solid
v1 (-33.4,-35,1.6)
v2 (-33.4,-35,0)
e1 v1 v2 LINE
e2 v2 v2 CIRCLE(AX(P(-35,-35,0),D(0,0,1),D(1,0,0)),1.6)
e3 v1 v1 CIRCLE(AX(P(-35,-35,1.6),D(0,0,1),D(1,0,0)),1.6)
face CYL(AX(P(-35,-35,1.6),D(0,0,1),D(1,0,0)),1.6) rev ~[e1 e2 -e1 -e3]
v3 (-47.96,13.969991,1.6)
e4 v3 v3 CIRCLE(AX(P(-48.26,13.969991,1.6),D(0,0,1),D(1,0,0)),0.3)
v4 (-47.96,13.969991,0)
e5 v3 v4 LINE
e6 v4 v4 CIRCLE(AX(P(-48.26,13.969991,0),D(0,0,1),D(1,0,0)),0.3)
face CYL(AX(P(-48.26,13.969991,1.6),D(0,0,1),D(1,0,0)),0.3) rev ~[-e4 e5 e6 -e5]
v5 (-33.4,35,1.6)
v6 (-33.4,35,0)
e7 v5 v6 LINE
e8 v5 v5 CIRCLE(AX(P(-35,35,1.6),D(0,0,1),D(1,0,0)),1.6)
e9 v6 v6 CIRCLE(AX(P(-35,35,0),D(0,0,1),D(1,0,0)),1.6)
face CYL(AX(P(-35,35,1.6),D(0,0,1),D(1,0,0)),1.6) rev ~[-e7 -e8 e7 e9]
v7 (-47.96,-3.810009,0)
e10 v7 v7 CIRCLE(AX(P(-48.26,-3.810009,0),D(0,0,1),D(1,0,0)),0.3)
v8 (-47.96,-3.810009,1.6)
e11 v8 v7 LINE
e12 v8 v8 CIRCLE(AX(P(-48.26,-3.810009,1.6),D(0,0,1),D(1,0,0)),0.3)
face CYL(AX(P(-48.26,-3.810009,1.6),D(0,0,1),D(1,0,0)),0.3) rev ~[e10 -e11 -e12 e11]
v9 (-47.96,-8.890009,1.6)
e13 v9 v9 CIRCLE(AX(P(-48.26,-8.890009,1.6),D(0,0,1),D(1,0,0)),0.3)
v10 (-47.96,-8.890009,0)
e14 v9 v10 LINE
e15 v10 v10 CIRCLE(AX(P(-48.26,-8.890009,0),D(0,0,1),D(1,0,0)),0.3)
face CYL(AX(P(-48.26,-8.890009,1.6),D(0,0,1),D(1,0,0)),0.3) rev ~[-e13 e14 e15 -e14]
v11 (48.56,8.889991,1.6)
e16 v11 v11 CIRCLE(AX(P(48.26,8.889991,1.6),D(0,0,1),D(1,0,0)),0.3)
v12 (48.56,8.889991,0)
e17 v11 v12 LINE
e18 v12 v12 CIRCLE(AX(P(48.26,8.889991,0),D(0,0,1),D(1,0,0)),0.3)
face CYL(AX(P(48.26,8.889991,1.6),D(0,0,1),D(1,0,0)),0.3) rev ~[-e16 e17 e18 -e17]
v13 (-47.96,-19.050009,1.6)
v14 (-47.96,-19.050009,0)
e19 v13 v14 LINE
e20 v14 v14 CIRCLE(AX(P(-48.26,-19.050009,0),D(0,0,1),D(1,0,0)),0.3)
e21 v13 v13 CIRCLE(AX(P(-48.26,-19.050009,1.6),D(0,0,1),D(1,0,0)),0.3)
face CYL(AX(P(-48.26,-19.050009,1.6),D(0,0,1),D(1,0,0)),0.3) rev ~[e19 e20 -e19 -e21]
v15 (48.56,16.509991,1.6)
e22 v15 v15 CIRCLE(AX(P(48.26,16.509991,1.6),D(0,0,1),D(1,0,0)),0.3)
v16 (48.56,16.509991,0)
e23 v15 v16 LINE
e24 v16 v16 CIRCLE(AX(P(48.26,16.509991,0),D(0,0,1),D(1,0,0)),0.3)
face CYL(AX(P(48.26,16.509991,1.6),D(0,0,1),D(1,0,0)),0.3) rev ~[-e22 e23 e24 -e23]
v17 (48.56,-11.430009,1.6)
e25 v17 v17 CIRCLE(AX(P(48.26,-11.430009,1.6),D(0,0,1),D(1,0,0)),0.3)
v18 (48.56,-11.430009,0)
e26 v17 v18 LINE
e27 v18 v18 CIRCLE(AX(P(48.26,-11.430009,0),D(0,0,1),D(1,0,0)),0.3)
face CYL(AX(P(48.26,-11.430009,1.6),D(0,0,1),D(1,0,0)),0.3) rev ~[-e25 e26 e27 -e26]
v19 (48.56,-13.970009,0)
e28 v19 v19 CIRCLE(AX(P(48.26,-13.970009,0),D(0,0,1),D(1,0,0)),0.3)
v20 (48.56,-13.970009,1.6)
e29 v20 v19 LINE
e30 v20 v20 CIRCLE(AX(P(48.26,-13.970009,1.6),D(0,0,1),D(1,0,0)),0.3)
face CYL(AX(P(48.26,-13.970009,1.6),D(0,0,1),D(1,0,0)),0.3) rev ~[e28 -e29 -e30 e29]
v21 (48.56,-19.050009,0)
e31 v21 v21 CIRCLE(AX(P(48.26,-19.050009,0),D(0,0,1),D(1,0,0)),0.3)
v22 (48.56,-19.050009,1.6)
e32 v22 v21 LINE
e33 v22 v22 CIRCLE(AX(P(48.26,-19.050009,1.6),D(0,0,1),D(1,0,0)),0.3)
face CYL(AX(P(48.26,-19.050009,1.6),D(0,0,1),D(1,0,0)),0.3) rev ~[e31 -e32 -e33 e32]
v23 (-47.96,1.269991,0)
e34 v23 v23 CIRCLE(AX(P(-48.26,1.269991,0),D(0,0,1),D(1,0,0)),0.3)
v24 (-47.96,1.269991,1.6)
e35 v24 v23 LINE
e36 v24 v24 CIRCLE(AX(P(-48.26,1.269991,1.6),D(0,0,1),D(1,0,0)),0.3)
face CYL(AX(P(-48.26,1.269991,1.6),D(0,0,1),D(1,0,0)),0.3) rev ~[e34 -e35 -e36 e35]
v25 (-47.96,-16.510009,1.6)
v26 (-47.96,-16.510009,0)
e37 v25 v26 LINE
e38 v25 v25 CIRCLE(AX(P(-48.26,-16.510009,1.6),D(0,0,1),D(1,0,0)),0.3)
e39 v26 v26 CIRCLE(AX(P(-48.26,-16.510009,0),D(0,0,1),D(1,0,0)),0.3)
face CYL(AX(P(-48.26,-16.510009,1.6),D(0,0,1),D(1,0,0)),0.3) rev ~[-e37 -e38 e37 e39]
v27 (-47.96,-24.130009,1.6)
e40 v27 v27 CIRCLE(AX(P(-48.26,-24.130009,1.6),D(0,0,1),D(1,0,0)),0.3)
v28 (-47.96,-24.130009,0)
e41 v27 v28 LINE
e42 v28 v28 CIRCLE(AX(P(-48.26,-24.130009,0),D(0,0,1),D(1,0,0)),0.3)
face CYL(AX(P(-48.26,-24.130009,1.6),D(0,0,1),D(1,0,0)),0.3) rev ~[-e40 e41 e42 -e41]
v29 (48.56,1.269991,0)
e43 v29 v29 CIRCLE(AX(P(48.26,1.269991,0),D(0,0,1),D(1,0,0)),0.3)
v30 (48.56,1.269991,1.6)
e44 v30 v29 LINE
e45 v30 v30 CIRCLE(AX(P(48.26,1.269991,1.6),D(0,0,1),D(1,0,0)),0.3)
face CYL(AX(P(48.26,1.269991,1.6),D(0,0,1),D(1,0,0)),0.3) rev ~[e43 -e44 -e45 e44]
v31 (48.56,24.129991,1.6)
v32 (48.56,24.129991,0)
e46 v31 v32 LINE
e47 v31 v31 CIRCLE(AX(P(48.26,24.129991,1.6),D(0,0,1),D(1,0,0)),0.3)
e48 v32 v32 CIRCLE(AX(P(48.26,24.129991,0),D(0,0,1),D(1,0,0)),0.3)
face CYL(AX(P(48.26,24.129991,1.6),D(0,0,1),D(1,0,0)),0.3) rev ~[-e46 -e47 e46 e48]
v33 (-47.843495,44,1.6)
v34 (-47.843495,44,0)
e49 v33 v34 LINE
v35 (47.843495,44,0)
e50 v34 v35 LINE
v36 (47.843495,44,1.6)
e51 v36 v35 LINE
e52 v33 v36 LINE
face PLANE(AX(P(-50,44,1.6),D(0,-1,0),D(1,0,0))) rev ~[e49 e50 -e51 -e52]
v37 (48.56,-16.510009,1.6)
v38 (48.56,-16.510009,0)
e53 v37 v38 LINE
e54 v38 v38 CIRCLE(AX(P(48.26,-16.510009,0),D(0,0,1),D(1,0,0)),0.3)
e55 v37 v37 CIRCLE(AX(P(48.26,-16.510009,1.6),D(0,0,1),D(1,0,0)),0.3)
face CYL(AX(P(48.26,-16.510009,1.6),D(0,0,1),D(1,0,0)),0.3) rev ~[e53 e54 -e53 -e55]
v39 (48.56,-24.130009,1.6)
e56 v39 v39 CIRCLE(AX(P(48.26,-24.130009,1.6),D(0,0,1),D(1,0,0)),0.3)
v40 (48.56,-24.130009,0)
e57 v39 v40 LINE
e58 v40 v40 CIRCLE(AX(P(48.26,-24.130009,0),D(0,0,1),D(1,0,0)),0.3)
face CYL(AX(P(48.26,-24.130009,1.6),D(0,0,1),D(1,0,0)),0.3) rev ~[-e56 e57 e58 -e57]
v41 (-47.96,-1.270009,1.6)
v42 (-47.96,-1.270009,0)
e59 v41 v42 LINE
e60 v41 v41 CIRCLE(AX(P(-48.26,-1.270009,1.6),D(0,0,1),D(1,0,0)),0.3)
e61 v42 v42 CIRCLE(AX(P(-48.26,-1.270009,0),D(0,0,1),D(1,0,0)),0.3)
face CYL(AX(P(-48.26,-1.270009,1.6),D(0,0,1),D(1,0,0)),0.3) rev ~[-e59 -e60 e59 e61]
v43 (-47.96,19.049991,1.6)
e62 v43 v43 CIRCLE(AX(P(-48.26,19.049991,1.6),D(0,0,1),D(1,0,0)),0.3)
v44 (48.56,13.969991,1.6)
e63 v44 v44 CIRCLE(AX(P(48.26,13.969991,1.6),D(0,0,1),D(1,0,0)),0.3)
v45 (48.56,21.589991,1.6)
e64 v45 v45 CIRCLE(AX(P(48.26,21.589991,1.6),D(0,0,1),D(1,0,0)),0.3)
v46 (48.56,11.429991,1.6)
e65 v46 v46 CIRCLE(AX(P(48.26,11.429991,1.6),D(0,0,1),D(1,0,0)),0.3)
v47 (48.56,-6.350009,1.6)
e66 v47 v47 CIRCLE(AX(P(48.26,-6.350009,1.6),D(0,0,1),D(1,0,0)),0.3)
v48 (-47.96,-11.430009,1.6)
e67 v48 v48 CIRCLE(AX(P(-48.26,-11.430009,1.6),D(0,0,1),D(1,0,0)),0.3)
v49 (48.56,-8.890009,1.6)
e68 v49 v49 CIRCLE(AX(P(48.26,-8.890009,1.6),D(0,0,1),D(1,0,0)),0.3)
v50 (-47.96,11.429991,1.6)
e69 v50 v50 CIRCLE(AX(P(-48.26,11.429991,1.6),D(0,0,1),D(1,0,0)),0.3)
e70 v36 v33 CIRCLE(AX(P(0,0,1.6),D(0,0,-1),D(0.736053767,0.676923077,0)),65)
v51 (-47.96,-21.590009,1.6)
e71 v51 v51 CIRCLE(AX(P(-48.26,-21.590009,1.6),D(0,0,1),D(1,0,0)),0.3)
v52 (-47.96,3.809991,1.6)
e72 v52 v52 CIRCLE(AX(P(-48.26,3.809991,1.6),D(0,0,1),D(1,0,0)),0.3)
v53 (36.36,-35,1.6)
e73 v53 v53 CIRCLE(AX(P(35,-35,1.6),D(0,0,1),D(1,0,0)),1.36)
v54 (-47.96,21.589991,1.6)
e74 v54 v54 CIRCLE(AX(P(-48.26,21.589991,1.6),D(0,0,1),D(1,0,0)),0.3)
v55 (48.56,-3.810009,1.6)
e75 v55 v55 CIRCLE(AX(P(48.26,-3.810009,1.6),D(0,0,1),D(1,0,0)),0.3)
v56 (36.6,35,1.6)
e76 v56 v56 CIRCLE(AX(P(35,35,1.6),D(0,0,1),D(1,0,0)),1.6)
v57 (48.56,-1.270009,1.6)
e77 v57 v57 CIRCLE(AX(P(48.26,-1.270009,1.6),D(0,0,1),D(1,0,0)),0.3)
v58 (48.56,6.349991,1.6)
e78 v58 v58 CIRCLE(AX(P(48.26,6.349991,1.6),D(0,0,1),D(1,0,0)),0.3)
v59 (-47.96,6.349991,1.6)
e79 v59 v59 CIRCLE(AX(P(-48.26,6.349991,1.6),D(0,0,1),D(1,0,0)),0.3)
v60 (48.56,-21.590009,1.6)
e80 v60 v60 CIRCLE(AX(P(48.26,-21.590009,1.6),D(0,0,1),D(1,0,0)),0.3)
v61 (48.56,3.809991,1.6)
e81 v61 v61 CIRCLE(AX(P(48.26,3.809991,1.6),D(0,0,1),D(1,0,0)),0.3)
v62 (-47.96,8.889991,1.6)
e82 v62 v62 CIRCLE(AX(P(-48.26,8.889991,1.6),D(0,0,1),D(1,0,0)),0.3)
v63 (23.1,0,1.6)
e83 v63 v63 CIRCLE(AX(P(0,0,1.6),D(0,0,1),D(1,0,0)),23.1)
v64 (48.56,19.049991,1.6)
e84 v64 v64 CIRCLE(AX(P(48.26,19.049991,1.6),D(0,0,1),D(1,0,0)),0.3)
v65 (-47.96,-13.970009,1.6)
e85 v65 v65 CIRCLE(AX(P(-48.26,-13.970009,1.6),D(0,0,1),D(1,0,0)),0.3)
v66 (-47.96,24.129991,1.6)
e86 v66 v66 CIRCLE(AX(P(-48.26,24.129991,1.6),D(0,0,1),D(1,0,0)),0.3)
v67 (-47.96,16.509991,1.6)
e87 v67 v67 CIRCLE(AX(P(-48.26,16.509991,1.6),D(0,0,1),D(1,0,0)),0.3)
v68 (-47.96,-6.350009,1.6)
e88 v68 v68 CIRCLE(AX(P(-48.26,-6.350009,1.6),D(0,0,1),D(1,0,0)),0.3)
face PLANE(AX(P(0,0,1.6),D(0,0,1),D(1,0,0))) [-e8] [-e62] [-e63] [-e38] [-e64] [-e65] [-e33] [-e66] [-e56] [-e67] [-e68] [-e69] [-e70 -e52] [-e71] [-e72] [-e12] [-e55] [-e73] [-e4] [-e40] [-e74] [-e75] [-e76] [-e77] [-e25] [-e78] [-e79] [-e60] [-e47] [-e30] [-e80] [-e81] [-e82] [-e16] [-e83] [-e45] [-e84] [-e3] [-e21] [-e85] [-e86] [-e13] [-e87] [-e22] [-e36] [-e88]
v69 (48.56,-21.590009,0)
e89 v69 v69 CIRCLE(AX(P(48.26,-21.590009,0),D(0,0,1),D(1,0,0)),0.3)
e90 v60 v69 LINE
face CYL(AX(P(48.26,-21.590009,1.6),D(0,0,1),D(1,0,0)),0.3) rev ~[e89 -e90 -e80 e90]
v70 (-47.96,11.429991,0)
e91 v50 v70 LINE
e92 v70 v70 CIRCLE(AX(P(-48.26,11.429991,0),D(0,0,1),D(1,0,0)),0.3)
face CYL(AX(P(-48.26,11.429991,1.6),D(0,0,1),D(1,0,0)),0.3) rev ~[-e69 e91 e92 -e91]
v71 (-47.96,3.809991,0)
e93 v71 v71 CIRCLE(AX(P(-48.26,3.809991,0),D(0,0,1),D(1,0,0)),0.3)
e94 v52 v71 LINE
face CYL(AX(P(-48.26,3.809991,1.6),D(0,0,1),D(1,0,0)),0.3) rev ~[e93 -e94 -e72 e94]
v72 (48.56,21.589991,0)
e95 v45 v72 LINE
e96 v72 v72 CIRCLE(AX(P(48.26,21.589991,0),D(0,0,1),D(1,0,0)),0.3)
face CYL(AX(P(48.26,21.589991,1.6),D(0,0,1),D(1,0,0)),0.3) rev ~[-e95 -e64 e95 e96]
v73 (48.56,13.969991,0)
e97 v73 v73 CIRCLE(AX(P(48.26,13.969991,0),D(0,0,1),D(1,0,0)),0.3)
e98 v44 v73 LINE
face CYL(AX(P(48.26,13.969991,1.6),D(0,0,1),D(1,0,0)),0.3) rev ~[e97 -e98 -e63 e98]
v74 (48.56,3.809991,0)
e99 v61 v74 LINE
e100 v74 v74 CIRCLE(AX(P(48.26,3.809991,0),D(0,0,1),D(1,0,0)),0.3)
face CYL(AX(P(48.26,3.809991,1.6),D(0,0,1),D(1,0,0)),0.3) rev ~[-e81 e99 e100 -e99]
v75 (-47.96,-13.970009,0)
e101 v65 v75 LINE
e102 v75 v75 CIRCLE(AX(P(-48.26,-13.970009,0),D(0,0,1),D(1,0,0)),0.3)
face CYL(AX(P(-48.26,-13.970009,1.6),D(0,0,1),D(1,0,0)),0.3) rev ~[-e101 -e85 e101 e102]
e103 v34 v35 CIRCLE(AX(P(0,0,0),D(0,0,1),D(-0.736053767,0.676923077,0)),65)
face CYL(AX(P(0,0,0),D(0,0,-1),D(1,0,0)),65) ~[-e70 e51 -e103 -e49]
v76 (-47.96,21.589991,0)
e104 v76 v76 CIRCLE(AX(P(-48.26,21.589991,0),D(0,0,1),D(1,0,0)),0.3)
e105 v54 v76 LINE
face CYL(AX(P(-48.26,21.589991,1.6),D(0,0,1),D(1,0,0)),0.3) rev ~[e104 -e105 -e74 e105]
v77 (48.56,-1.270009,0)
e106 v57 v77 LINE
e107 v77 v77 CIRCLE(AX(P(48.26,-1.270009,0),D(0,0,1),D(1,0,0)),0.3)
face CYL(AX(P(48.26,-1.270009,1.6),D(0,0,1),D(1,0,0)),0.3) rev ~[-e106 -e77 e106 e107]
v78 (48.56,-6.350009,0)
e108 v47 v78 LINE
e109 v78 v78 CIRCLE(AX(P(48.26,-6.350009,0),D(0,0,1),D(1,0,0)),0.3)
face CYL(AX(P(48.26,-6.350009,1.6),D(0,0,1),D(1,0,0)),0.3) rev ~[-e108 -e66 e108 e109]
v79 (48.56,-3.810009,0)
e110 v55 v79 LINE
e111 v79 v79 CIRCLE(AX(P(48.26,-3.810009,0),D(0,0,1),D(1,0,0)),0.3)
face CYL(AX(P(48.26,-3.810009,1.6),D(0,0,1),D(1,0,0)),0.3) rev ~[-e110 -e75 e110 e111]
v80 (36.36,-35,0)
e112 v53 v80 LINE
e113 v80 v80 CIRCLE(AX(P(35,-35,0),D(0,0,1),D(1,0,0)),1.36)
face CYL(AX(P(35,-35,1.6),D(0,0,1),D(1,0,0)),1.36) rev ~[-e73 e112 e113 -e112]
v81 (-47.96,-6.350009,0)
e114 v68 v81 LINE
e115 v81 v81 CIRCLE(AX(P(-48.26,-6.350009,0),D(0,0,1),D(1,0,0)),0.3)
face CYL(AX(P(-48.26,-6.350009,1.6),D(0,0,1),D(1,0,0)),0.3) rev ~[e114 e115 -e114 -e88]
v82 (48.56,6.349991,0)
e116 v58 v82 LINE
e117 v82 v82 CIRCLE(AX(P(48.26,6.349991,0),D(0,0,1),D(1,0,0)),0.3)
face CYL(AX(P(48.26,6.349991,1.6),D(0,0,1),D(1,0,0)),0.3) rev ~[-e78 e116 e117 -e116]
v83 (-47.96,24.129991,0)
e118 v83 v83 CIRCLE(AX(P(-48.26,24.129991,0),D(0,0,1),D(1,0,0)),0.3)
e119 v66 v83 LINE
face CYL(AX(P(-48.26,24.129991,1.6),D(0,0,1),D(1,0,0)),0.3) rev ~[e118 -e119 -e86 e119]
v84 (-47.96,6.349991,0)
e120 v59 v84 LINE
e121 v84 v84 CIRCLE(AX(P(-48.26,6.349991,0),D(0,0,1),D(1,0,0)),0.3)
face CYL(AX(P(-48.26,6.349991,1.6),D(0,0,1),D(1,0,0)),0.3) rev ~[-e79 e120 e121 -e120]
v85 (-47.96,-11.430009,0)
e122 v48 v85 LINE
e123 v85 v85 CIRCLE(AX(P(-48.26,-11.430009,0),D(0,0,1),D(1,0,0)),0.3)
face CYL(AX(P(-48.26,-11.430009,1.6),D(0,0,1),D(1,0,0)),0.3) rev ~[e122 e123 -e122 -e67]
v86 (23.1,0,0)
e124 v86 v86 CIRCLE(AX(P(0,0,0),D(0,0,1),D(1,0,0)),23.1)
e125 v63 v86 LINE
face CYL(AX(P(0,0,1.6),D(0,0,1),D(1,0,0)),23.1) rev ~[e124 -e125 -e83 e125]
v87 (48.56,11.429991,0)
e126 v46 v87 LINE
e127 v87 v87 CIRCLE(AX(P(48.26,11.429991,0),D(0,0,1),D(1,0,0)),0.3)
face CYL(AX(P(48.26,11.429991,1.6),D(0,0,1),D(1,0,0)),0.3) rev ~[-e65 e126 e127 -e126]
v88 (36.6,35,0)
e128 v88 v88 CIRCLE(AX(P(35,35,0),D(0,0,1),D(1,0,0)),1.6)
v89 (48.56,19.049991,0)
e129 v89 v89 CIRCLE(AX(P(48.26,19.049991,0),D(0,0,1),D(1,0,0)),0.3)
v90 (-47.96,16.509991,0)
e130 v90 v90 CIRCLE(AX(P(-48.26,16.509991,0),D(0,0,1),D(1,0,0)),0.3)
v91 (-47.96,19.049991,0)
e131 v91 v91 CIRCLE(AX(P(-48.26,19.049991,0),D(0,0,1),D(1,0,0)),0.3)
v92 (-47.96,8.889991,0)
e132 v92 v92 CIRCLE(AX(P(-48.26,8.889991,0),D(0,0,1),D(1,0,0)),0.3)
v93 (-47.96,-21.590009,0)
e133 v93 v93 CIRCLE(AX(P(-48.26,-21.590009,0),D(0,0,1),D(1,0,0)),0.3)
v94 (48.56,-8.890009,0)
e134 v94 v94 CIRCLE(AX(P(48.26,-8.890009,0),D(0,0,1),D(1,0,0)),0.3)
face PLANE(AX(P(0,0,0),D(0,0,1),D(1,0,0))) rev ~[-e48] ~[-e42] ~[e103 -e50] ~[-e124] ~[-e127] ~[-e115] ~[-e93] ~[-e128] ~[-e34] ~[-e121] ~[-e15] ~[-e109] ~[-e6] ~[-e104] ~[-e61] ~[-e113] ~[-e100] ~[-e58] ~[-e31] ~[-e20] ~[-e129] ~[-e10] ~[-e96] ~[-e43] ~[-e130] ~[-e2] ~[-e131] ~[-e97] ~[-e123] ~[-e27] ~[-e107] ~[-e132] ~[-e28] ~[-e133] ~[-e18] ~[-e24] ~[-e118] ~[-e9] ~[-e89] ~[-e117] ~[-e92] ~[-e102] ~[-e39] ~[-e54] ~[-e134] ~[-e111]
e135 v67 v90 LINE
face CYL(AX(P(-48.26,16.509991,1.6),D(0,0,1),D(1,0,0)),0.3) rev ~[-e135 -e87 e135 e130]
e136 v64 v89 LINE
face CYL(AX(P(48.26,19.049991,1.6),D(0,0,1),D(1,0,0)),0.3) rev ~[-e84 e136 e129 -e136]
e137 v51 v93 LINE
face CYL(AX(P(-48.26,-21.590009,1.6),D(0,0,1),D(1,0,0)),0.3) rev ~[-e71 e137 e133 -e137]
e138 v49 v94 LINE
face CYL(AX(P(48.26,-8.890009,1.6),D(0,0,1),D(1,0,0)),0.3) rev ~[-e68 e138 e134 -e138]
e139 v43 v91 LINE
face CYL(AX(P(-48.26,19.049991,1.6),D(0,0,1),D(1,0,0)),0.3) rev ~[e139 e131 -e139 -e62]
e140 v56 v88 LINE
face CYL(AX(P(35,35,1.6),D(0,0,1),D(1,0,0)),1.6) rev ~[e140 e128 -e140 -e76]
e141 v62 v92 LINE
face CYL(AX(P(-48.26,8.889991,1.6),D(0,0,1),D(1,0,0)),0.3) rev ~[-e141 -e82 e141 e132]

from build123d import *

# Parameters (mm, degrees)
SKETCH1_R           = 65
BOSS_EXTRUDE1_DEPTH = 1.6
SKETCH3_R           = 0.3
CUT_EXTRUDE1_DEPTH  = 1.6
SKETCH4_W           = 100
SKETCH4_H           = 26
CUT_EXTRUDE2_DEPTH  = 10
SKETCH5_R           = 1.6
SKETCH5_R_2         = 1.36
CUT_EXTRUDE3_DEPTH  = 10
SKETCH6_R           = 23.1
CUT_EXTRUDE4_DEPTH  = 1.6


with BuildPart() as part:
    # Sketch1 → Boss-Extrude1 (new body)
    with BuildSketch(Plane.XY):
        Circle(SKETCH1_R)
    extrude(amount=BOSS_EXTRUDE1_DEPTH)

    # Sketch3 → Cut-Extrude1 (cut)
    with BuildSketch(Plane.XY.offset(1.6)):
        with Locations((48.26, -24.130008683)):
            Circle(SKETCH3_R)
        with Locations((-48.26, -24.130008683)):
            Circle(SKETCH3_R)
        with Locations((-48.26, -21.590008683)):
            Circle(SKETCH3_R)
        with Locations((48.26, -21.590008683)):
            Circle(SKETCH3_R)
        with Locations((-48.26, -19.050008683)):
            Circle(SKETCH3_R)
        with Locations((48.26, -19.050008683)):
            Circle(SKETCH3_R)
        with Locations((-48.26, -16.510008683)):
            Circle(SKETCH3_R)
        with Locations((48.26, -16.510008683)):
            Circle(SKETCH3_R)
        with Locations((-48.26, -13.970008683)):
            Circle(SKETCH3_R)
        with Locations((48.26, -13.970008683)):
            Circle(SKETCH3_R)
        with Locations((-48.26, -11.430008683)):
            Circle(SKETCH3_R)
        with Locations((48.26, -11.430008683)):
            Circle(SKETCH3_R)
        with Locations((-48.26, -8.890008683)):
            Circle(SKETCH3_R)
        with Locations((48.26, -8.890008683)):
            Circle(SKETCH3_R)
        with Locations((-48.26, -6.350008683)):
            Circle(SKETCH3_R)
        with Locations((48.26, -6.350008683)):
            Circle(SKETCH3_R)
        with Locations((-48.26, -3.810008683)):
            Circle(SKETCH3_R)
        with Locations((48.26, -3.810008683)):
            Circle(SKETCH3_R)
        with Locations((-48.26, -1.270008683)):
            Circle(SKETCH3_R)
        with Locations((48.26, -1.270008683)):
            Circle(SKETCH3_R)
        with Locations((-48.26, 1.269991317)):
            Circle(SKETCH3_R)
        with Locations((48.26, 1.269991317)):
            Circle(SKETCH3_R)
        with Locations((-48.26, 3.809991317)):
            Circle(SKETCH3_R)
        with Locations((48.26, 3.809991317)):
            Circle(SKETCH3_R)
        with Locations((-48.26, 6.349991317)):
            Circle(SKETCH3_R)
        with Locations((48.26, 6.349991317)):
            Circle(SKETCH3_R)
        with Locations((-48.26, 8.889991317)):
            Circle(SKETCH3_R)
        with Locations((48.26, 8.889991317)):
            Circle(SKETCH3_R)
        with Locations((-48.26, 11.429991317)):
            Circle(SKETCH3_R)
        with Locations((48.26, 11.429991317)):
            Circle(SKETCH3_R)
        with Locations((-48.26, 13.969991317)):
            Circle(SKETCH3_R)
        with Locations((48.26, 13.969991317)):
            Circle(SKETCH3_R)
        with Locations((-48.26, 16.509991317)):
            Circle(SKETCH3_R)
        with Locations((48.26, 16.509991317)):
            Circle(SKETCH3_R)
        with Locations((-48.26, 19.049991317)):
            Circle(SKETCH3_R)
        with Locations((48.26, 19.049991317)):
            Circle(SKETCH3_R)
        with Locations((-48.26, 21.589991317)):
            Circle(SKETCH3_R)
        with Locations((48.26, 21.589991317)):
            Circle(SKETCH3_R)
        with Locations((-48.26, 24.129991317)):
            Circle(SKETCH3_R)
        with Locations((48.26, 24.129991317)):
            Circle(SKETCH3_R)
    extrude(amount=-CUT_EXTRUDE1_DEPTH, mode=Mode.SUBTRACT)

    # Sketch4 → Cut-Extrude2 (cut)
    with BuildSketch(Plane.XY.offset(1.6)):
        with Locations((0, 57)):
            Rectangle(SKETCH4_W, SKETCH4_H)
    extrude(amount=-CUT_EXTRUDE2_DEPTH, mode=Mode.SUBTRACT)

    # Sketch5 → Cut-Extrude3 (cut)
    with BuildSketch(Plane.XY.offset(1.6)):
        with Locations((-35, 35)):
            Circle(SKETCH5_R)
        with Locations((35, 35)):
            Circle(SKETCH5_R)
        with Locations((-35, -35)):
            Circle(SKETCH5_R)
        with Locations((35, -35)):
            Circle(SKETCH5_R_2)
    extrude(amount=-CUT_EXTRUDE3_DEPTH, mode=Mode.SUBTRACT)

    # Sketch6 → Cut-Extrude4 (cut)
    with BuildSketch(Plane.XY.offset(1.6)):
        Circle(SKETCH6_R)
    extrude(amount=-CUT_EXTRUDE4_DEPTH, mode=Mode.SUBTRACT)


solid = part.part
